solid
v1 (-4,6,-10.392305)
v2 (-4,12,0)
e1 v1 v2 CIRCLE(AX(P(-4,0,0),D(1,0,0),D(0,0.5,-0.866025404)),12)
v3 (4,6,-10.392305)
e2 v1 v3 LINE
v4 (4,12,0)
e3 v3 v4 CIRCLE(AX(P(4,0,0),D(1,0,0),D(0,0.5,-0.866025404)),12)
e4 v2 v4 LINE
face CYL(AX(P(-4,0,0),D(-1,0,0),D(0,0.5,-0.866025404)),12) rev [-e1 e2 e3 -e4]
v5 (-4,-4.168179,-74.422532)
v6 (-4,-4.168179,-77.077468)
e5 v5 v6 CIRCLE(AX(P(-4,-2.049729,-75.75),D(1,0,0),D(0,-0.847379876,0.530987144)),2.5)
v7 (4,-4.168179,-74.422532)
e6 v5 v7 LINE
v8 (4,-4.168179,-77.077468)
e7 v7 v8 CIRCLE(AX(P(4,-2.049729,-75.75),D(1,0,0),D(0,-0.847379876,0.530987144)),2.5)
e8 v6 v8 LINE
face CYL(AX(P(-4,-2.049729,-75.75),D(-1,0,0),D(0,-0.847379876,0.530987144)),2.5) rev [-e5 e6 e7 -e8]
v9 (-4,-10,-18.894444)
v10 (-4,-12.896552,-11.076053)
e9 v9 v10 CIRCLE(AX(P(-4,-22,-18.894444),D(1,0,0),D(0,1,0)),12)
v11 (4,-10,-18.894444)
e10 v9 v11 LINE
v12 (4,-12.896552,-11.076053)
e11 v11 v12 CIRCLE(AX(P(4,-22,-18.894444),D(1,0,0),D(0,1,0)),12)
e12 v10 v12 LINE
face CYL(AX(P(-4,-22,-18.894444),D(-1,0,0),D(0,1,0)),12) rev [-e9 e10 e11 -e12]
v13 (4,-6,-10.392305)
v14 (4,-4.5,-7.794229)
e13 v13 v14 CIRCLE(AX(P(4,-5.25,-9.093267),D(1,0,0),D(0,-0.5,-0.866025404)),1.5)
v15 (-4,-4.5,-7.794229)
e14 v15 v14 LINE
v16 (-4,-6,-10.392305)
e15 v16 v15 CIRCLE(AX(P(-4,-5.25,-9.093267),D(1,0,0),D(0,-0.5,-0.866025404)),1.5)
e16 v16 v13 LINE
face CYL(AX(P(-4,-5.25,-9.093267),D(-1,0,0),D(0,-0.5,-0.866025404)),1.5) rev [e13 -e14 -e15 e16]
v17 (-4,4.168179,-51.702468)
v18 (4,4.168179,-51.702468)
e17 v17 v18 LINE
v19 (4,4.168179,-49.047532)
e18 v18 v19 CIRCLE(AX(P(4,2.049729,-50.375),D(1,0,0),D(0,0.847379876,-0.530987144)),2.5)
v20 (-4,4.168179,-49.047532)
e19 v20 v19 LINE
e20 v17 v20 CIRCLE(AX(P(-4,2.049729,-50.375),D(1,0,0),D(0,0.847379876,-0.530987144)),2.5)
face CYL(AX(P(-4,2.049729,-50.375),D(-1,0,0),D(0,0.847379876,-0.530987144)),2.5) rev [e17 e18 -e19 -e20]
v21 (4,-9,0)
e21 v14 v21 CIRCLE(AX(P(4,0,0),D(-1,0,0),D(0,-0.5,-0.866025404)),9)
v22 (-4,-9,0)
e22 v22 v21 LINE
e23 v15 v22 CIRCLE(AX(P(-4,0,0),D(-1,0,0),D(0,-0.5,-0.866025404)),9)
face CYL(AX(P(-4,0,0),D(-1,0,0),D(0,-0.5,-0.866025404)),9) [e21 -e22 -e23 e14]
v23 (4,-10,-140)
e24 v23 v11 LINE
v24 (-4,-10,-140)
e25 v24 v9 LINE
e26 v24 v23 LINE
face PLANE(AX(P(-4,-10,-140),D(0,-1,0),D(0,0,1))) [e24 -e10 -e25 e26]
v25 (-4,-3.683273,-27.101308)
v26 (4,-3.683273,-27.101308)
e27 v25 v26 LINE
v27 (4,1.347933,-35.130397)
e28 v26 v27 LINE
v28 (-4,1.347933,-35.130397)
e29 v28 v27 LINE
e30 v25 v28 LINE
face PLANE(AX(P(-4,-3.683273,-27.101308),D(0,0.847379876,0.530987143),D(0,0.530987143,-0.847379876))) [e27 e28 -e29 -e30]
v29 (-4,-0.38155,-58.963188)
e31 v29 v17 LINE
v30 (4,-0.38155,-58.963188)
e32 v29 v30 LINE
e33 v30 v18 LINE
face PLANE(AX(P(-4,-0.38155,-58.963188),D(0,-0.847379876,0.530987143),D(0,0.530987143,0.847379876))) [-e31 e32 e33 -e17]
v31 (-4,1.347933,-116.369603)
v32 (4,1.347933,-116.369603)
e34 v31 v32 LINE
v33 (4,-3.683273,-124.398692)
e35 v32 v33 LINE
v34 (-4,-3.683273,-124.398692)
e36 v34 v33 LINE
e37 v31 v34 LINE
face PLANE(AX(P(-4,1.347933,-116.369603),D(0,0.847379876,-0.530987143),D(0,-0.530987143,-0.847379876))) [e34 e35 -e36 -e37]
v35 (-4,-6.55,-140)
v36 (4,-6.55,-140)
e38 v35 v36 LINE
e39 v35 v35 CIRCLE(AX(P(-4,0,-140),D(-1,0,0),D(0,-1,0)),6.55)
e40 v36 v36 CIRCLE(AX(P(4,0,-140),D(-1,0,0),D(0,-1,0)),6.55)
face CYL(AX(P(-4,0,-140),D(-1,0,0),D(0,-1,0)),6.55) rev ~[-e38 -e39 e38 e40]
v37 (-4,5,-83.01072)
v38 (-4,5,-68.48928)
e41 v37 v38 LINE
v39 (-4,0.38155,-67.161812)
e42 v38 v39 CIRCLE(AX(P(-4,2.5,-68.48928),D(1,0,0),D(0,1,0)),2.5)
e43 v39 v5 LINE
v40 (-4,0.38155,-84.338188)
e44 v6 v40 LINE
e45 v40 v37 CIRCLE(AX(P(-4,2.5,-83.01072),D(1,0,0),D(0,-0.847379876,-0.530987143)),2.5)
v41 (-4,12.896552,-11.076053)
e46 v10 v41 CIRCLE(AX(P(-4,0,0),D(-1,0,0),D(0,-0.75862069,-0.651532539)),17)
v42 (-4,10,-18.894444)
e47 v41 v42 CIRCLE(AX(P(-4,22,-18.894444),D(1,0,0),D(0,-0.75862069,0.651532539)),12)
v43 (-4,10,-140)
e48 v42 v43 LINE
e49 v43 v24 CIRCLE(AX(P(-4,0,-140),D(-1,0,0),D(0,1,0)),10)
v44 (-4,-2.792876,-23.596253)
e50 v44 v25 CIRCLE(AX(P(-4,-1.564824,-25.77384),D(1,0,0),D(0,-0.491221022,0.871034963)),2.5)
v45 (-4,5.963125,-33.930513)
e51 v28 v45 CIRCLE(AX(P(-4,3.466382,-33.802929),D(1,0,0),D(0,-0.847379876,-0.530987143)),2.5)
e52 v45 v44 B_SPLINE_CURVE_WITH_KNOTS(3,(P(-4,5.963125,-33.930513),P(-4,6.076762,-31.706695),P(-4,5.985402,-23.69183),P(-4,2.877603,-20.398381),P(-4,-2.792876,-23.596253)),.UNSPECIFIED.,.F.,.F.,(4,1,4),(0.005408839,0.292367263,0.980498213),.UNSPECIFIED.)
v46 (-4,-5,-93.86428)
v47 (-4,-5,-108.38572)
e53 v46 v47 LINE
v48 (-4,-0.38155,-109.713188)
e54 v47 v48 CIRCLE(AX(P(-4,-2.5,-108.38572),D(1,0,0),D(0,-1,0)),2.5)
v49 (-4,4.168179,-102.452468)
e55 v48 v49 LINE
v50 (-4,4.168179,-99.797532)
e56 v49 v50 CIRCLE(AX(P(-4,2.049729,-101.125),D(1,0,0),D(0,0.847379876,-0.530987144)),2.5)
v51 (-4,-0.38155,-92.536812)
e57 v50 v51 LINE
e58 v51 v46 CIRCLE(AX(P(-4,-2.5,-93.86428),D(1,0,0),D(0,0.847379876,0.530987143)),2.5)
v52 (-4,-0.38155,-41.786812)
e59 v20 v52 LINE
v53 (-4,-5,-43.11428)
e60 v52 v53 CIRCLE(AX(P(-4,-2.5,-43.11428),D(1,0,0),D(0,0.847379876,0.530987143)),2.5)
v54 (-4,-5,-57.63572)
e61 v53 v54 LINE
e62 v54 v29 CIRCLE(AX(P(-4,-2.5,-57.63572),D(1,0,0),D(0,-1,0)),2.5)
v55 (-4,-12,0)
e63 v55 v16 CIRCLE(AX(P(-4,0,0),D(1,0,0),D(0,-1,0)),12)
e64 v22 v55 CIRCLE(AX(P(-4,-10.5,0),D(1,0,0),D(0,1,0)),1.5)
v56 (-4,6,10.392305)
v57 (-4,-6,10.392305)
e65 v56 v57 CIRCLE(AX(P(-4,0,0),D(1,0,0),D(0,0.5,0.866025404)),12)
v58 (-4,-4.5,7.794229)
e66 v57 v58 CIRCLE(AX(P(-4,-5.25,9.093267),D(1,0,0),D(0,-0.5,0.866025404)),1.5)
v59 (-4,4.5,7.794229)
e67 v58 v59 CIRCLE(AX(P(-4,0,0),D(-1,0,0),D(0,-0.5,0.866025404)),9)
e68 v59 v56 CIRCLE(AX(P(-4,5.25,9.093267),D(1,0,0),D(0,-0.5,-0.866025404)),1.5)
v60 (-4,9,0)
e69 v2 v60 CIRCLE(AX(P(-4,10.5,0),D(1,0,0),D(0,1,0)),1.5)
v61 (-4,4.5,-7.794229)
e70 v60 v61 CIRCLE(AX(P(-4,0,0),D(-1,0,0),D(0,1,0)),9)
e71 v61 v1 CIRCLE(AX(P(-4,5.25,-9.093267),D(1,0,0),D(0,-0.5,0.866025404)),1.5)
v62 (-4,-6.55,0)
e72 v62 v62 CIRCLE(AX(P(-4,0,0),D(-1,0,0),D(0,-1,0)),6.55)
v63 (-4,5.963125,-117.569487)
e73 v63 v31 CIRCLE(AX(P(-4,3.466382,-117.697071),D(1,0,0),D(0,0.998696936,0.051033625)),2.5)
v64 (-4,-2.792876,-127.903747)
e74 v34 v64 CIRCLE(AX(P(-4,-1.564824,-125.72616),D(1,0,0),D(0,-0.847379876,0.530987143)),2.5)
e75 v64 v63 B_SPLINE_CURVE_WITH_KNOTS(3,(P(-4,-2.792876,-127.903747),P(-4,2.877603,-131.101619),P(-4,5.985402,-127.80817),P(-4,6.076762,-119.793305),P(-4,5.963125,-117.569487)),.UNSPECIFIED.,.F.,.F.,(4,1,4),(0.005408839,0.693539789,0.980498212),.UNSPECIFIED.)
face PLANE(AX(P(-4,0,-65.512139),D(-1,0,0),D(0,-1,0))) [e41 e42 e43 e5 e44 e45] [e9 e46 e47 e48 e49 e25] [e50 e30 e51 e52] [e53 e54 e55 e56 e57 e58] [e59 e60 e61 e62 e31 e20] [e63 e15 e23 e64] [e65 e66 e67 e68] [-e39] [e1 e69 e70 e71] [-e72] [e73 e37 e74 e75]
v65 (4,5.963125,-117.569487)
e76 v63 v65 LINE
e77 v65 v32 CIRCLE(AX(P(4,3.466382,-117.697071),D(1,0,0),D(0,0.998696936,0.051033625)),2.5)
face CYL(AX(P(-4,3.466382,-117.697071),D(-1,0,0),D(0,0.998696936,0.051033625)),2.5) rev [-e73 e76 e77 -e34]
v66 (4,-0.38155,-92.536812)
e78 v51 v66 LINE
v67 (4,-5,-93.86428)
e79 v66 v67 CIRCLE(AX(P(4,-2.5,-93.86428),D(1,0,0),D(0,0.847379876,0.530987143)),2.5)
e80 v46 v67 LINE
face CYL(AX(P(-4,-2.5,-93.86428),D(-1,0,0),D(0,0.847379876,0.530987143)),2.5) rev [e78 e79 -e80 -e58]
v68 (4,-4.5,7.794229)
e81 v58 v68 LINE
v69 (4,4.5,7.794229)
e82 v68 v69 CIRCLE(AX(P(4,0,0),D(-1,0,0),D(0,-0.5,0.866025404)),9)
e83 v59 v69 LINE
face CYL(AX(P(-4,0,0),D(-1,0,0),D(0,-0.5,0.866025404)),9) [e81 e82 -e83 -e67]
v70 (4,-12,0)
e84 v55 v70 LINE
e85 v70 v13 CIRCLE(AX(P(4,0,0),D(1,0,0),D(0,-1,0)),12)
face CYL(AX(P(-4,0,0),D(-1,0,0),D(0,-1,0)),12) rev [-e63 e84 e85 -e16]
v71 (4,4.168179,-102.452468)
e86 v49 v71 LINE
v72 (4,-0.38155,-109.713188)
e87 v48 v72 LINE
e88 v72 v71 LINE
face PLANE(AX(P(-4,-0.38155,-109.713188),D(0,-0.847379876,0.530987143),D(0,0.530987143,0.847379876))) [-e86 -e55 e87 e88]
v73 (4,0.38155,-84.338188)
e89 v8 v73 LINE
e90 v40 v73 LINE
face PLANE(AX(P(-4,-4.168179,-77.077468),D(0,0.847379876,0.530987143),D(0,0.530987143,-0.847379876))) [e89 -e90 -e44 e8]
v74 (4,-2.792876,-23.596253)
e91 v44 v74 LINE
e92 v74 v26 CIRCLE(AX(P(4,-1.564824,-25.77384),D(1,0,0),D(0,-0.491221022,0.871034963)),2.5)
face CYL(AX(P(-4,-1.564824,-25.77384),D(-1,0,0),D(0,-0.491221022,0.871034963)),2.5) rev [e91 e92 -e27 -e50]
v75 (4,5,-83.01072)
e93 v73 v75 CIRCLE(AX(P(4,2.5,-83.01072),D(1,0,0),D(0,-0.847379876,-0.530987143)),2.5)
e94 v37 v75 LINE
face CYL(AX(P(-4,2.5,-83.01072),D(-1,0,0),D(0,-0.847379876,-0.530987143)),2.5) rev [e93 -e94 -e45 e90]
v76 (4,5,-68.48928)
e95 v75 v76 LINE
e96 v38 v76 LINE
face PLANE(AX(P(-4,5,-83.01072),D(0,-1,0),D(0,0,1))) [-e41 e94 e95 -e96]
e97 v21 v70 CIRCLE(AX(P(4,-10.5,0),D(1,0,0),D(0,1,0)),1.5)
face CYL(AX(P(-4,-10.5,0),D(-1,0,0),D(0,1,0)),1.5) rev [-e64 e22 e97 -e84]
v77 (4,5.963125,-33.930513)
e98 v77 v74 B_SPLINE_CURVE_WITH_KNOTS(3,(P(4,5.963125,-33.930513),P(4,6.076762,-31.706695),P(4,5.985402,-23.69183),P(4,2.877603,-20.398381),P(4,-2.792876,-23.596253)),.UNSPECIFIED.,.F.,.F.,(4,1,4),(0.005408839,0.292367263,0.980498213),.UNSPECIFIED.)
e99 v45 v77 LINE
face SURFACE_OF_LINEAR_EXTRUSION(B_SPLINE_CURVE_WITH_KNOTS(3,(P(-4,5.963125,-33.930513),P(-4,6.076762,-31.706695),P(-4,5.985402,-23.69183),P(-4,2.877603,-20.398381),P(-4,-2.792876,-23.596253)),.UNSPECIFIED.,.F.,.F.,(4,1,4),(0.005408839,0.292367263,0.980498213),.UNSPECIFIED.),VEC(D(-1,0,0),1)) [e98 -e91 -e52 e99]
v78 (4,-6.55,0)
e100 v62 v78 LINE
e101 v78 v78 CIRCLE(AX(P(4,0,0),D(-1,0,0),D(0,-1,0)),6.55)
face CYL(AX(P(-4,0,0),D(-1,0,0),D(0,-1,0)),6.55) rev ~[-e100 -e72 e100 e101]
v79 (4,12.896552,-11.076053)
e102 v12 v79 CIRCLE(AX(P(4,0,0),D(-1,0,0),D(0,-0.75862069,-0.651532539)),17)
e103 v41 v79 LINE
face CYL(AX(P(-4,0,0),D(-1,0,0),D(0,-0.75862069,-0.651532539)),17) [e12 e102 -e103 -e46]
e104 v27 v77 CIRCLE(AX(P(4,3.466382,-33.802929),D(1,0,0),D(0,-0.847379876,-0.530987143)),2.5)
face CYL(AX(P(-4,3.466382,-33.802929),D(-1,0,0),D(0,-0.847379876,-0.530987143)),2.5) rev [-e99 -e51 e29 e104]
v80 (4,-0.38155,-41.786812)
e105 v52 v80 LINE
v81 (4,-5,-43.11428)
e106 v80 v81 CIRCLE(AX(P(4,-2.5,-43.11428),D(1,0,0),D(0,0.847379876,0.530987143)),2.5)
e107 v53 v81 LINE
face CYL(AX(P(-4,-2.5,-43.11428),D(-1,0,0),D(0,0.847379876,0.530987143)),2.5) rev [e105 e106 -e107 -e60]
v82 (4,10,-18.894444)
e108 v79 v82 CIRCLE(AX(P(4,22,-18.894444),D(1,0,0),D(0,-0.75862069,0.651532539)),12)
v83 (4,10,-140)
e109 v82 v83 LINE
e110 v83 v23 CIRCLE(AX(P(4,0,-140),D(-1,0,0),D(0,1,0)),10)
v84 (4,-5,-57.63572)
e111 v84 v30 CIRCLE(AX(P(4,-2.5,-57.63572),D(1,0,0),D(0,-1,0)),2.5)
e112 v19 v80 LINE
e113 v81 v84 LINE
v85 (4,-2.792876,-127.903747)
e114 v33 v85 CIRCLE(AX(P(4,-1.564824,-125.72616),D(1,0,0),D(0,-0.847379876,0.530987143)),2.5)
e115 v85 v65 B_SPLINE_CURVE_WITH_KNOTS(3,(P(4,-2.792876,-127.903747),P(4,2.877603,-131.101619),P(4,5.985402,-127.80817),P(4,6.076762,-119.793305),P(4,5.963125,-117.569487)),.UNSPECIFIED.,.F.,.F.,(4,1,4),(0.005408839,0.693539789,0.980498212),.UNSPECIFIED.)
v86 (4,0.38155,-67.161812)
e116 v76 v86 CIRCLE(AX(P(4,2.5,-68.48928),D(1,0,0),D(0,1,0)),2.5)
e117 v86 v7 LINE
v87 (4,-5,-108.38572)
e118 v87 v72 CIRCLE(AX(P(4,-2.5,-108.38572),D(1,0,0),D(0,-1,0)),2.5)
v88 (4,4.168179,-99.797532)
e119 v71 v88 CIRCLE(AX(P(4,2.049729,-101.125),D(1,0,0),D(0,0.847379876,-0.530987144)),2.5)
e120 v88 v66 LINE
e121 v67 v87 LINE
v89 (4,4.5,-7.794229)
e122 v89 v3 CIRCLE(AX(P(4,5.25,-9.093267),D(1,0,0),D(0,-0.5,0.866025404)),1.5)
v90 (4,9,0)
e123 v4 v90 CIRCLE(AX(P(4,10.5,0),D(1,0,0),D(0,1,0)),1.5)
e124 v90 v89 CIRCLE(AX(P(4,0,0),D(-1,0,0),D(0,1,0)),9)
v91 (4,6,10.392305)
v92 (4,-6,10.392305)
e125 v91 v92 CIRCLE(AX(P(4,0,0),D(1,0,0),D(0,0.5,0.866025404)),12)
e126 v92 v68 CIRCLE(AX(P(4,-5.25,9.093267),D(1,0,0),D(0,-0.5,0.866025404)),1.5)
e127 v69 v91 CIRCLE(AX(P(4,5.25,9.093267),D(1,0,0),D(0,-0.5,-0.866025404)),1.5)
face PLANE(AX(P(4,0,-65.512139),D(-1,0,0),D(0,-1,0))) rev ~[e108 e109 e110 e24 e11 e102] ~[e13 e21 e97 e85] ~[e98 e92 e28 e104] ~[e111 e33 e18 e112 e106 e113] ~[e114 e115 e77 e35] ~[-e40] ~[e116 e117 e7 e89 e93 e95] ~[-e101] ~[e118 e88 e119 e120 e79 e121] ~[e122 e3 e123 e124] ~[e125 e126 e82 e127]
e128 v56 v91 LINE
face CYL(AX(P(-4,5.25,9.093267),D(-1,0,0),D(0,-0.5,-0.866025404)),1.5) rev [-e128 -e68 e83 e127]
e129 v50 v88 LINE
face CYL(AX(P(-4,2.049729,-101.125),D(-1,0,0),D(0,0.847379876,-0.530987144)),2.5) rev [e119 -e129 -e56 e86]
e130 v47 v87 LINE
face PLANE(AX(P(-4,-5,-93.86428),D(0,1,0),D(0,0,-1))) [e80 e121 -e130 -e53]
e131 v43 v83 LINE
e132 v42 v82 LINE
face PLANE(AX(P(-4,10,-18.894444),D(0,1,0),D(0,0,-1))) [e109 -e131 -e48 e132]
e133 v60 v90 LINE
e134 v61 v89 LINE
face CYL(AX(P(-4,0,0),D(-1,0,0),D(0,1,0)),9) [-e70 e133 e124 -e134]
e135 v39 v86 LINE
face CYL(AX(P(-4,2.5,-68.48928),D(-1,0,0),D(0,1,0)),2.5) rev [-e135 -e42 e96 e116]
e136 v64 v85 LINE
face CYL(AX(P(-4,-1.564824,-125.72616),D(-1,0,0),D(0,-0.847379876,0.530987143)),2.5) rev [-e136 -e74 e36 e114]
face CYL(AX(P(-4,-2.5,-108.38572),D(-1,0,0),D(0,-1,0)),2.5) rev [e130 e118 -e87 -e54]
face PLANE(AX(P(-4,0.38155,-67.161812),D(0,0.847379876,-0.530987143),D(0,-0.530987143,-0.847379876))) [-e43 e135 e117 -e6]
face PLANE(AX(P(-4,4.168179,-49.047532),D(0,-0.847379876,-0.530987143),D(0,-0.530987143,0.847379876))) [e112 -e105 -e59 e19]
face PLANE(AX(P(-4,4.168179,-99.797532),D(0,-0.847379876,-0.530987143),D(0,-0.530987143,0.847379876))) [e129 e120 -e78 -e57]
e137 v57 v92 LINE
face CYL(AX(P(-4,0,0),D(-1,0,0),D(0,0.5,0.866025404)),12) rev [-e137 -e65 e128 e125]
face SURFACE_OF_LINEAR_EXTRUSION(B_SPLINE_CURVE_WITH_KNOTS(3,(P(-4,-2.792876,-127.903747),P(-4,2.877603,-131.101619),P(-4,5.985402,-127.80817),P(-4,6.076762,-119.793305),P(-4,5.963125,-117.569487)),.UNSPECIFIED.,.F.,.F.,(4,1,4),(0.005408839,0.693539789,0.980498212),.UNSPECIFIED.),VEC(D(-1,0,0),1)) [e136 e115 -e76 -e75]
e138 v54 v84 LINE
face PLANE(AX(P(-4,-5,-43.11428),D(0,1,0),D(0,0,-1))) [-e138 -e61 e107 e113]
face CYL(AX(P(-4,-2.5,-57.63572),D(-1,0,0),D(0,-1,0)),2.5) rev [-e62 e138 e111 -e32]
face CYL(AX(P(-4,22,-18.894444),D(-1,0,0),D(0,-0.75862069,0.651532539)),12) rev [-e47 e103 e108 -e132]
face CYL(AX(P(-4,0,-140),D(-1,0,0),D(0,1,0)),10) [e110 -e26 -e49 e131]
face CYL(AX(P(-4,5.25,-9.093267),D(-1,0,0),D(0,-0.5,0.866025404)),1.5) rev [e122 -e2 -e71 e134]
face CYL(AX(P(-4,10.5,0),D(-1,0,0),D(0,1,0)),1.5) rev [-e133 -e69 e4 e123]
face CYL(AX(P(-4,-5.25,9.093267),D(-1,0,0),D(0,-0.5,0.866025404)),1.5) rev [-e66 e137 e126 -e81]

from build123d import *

# Parameters (mm, degrees)
SKETCH_1_R      = 6.55
EXTRUDE_1_DEPTH = 8


with BuildPart() as part:
    # 草图1 → 凸台-拉伸1 (new body)
    with BuildSketch(Plane(origin=(-4, 0, 0), x_dir=(0, -1, 0), z_dir=(-1, 0, 0))):
        with BuildLine():
            Line((-10, -18.894443628), (-10, -140))
            ThreePointArc((-10, -140), (0, -150), (10, -140))
            Line((10, -140), (10, -18.894443628))
            ThreePointArc((10, -18.894443628), (10.74741409, -14.725593625), (12.896551724, -11.076053161))
            ThreePointArc((12.896551724, -11.076053161), (0, 17), (-12.896551724, -11.076053161))
            ThreePointArc((-12.896551724, -11.076053161), (-10.74741409, -14.725593625), (-10, -18.894443628))
        make_face()
        with Locations((0, -140)):
            Circle(SKETCH_1_R, mode=Mode.SUBTRACT)
        Circle(SKETCH_1_R, mode=Mode.SUBTRACT)
        with BuildLine():
            Line((-4.168179012, -99.797532142), (0.381550311, -92.536811957))
            ThreePointArc((0.381550311, -92.536811957), (3.190606899, -91.461560083), (5, -93.864279815))
            Line((5, -93.864279815), (5, -108.385720185))
            ThreePointArc((5, -108.385720185), (3.190606899, -110.788439917), (0.381550311, -109.713188043))
            Line((0.381550311, -109.713188043), (-4.168179012, -102.452467858))
            ThreePointArc((-4.168179012, -102.452467858), (-4.549729323, -101.125), (-4.168179012, -99.797532142))
        make_face(mode=Mode.SUBTRACT)
        with BuildLine():
            Line((-1.347932676, -116.369603301), (3.683273316, -124.398691695))
            ThreePointArc((3.683273316, -124.398691695), (3.98786354, -126.341689874), (2.792876182, -127.903746961))
            add(Edge.make_bspline(
                [(2.792876182, -127.903746961), (-2.877603269, -131.101619406), (-5.985402229, -127.808170374), (-6.076762251, -119.793304589), (-5.963124704, -117.569487096)],
                knots=[0.005408839, 0.005408839, 0.005408839, 0.005408839, 0.693539789, 0.980498212, 0.980498212, 0.980498212, 0.980498212], degree=3))
            ThreePointArc((-5.963124704, -117.569487096), (-4.09543452, -115.277506448), (-1.347932676, -116.369603301))
        make_face(mode=Mode.SUBTRACT)
        with BuildLine():
            Line((0.381550311, -58.963188043), (-4.168179012, -51.702467858))
            ThreePointArc((-4.168179012, -51.702467858), (-4.549729323, -50.375), (-4.168179012, -49.047532142))
            Line((-4.168179012, -49.047532142), (0.381550311, -41.786811957))
            ThreePointArc((0.381550311, -41.786811957), (3.190606899, -40.711560083), (5, -43.114279815))
            Line((5, -43.114279815), (5, -57.635720185))
            ThreePointArc((5, -57.635720185), (3.190606899, -60.038439917), (0.381550311, -58.963188043))
        make_face(mode=Mode.SUBTRACT)
        with BuildLine():
            Line((3.683273317, -27.101308304), (-1.347932676, -35.130396699))
            ThreePointArc((-1.347932676, -35.130396699), (-4.095434519, -36.222493552), (-5.963124704, -33.930512906))
            add(Edge.make_bspline(
                [(-5.963124704, -33.930512906), (-6.076762251, -31.706695412), (-5.98540223, -23.691829624), (-2.877603269, -20.398380591), (2.792876182, -23.596253037)],
                knots=[0.005408839, 0.005408839, 0.005408839, 0.005408839, 0.292367263, 0.980498213, 0.980498213, 0.980498213, 0.980498213], degree=3))
            ThreePointArc((2.792876182, -23.596253037), (3.987863541, -25.158310124), (3.683273317, -27.101308304))
        make_face(mode=Mode.SUBTRACT)
        with BuildLine():
            Line((4.168179012, -77.077467858), (-0.381550311, -84.338188043))
            ThreePointArc((-0.381550311, -84.338188043), (-3.190606899, -85.413439917), (-5, -83.010720185))
            Line((-5, -83.010720185), (-5, -68.489279815))
            ThreePointArc((-5, -68.489279815), (-3.190606899, -66.086560083), (-0.381550311, -67.161811957))
            Line((-0.381550311, -67.161811957), (4.168179012, -74.422532142))
            ThreePointArc((4.168179012, -74.422532142), (4.549729323, -75.75), (4.168179012, -77.077467858))
        make_face(mode=Mode.SUBTRACT)
        with BuildLine():
            ThreePointArc((-4.5, 7.794228634), (-6.549038106, 8.34326674), (-6, 10.392304845))
            ThreePointArc((-6, 10.392304845), (0, 12), (6, 10.392304845))
            ThreePointArc((6, 10.392304845), (6.549038106, 8.34326674), (4.5, 7.794228634))
            ThreePointArc((4.5, 7.794228634), (0, 9), (-4.5, 7.794228634))
        make_face(mode=Mode.SUBTRACT)
        with BuildLine():
            ThreePointArc((9, 0), (10.5, 1.5), (12, 0))
            ThreePointArc((12, 0), (10.392304845, -6), (6, -10.392304845))
            ThreePointArc((6, -10.392304845), (3.950961894, -9.84326674), (4.5, -7.794228634))
            ThreePointArc((4.5, -7.794228634), (7.794228634, -4.5), (9, 0))
        make_face(mode=Mode.SUBTRACT)
        with BuildLine():
            ThreePointArc((-4.5, -7.794228634), (-3.950961894, -9.84326674), (-6, -10.392304845))
            ThreePointArc((-6, -10.392304845), (-10.392304845, -6), (-12, 0))
            ThreePointArc((-12, 0), (-10.5, 1.5), (-9, 0))
            ThreePointArc((-9, 0), (-7.794228634, -4.5), (-4.5, -7.794228634))
        make_face(mode=Mode.SUBTRACT)
    extrude(amount=-EXTRUDE_1_DEPTH)


solid = part.part
